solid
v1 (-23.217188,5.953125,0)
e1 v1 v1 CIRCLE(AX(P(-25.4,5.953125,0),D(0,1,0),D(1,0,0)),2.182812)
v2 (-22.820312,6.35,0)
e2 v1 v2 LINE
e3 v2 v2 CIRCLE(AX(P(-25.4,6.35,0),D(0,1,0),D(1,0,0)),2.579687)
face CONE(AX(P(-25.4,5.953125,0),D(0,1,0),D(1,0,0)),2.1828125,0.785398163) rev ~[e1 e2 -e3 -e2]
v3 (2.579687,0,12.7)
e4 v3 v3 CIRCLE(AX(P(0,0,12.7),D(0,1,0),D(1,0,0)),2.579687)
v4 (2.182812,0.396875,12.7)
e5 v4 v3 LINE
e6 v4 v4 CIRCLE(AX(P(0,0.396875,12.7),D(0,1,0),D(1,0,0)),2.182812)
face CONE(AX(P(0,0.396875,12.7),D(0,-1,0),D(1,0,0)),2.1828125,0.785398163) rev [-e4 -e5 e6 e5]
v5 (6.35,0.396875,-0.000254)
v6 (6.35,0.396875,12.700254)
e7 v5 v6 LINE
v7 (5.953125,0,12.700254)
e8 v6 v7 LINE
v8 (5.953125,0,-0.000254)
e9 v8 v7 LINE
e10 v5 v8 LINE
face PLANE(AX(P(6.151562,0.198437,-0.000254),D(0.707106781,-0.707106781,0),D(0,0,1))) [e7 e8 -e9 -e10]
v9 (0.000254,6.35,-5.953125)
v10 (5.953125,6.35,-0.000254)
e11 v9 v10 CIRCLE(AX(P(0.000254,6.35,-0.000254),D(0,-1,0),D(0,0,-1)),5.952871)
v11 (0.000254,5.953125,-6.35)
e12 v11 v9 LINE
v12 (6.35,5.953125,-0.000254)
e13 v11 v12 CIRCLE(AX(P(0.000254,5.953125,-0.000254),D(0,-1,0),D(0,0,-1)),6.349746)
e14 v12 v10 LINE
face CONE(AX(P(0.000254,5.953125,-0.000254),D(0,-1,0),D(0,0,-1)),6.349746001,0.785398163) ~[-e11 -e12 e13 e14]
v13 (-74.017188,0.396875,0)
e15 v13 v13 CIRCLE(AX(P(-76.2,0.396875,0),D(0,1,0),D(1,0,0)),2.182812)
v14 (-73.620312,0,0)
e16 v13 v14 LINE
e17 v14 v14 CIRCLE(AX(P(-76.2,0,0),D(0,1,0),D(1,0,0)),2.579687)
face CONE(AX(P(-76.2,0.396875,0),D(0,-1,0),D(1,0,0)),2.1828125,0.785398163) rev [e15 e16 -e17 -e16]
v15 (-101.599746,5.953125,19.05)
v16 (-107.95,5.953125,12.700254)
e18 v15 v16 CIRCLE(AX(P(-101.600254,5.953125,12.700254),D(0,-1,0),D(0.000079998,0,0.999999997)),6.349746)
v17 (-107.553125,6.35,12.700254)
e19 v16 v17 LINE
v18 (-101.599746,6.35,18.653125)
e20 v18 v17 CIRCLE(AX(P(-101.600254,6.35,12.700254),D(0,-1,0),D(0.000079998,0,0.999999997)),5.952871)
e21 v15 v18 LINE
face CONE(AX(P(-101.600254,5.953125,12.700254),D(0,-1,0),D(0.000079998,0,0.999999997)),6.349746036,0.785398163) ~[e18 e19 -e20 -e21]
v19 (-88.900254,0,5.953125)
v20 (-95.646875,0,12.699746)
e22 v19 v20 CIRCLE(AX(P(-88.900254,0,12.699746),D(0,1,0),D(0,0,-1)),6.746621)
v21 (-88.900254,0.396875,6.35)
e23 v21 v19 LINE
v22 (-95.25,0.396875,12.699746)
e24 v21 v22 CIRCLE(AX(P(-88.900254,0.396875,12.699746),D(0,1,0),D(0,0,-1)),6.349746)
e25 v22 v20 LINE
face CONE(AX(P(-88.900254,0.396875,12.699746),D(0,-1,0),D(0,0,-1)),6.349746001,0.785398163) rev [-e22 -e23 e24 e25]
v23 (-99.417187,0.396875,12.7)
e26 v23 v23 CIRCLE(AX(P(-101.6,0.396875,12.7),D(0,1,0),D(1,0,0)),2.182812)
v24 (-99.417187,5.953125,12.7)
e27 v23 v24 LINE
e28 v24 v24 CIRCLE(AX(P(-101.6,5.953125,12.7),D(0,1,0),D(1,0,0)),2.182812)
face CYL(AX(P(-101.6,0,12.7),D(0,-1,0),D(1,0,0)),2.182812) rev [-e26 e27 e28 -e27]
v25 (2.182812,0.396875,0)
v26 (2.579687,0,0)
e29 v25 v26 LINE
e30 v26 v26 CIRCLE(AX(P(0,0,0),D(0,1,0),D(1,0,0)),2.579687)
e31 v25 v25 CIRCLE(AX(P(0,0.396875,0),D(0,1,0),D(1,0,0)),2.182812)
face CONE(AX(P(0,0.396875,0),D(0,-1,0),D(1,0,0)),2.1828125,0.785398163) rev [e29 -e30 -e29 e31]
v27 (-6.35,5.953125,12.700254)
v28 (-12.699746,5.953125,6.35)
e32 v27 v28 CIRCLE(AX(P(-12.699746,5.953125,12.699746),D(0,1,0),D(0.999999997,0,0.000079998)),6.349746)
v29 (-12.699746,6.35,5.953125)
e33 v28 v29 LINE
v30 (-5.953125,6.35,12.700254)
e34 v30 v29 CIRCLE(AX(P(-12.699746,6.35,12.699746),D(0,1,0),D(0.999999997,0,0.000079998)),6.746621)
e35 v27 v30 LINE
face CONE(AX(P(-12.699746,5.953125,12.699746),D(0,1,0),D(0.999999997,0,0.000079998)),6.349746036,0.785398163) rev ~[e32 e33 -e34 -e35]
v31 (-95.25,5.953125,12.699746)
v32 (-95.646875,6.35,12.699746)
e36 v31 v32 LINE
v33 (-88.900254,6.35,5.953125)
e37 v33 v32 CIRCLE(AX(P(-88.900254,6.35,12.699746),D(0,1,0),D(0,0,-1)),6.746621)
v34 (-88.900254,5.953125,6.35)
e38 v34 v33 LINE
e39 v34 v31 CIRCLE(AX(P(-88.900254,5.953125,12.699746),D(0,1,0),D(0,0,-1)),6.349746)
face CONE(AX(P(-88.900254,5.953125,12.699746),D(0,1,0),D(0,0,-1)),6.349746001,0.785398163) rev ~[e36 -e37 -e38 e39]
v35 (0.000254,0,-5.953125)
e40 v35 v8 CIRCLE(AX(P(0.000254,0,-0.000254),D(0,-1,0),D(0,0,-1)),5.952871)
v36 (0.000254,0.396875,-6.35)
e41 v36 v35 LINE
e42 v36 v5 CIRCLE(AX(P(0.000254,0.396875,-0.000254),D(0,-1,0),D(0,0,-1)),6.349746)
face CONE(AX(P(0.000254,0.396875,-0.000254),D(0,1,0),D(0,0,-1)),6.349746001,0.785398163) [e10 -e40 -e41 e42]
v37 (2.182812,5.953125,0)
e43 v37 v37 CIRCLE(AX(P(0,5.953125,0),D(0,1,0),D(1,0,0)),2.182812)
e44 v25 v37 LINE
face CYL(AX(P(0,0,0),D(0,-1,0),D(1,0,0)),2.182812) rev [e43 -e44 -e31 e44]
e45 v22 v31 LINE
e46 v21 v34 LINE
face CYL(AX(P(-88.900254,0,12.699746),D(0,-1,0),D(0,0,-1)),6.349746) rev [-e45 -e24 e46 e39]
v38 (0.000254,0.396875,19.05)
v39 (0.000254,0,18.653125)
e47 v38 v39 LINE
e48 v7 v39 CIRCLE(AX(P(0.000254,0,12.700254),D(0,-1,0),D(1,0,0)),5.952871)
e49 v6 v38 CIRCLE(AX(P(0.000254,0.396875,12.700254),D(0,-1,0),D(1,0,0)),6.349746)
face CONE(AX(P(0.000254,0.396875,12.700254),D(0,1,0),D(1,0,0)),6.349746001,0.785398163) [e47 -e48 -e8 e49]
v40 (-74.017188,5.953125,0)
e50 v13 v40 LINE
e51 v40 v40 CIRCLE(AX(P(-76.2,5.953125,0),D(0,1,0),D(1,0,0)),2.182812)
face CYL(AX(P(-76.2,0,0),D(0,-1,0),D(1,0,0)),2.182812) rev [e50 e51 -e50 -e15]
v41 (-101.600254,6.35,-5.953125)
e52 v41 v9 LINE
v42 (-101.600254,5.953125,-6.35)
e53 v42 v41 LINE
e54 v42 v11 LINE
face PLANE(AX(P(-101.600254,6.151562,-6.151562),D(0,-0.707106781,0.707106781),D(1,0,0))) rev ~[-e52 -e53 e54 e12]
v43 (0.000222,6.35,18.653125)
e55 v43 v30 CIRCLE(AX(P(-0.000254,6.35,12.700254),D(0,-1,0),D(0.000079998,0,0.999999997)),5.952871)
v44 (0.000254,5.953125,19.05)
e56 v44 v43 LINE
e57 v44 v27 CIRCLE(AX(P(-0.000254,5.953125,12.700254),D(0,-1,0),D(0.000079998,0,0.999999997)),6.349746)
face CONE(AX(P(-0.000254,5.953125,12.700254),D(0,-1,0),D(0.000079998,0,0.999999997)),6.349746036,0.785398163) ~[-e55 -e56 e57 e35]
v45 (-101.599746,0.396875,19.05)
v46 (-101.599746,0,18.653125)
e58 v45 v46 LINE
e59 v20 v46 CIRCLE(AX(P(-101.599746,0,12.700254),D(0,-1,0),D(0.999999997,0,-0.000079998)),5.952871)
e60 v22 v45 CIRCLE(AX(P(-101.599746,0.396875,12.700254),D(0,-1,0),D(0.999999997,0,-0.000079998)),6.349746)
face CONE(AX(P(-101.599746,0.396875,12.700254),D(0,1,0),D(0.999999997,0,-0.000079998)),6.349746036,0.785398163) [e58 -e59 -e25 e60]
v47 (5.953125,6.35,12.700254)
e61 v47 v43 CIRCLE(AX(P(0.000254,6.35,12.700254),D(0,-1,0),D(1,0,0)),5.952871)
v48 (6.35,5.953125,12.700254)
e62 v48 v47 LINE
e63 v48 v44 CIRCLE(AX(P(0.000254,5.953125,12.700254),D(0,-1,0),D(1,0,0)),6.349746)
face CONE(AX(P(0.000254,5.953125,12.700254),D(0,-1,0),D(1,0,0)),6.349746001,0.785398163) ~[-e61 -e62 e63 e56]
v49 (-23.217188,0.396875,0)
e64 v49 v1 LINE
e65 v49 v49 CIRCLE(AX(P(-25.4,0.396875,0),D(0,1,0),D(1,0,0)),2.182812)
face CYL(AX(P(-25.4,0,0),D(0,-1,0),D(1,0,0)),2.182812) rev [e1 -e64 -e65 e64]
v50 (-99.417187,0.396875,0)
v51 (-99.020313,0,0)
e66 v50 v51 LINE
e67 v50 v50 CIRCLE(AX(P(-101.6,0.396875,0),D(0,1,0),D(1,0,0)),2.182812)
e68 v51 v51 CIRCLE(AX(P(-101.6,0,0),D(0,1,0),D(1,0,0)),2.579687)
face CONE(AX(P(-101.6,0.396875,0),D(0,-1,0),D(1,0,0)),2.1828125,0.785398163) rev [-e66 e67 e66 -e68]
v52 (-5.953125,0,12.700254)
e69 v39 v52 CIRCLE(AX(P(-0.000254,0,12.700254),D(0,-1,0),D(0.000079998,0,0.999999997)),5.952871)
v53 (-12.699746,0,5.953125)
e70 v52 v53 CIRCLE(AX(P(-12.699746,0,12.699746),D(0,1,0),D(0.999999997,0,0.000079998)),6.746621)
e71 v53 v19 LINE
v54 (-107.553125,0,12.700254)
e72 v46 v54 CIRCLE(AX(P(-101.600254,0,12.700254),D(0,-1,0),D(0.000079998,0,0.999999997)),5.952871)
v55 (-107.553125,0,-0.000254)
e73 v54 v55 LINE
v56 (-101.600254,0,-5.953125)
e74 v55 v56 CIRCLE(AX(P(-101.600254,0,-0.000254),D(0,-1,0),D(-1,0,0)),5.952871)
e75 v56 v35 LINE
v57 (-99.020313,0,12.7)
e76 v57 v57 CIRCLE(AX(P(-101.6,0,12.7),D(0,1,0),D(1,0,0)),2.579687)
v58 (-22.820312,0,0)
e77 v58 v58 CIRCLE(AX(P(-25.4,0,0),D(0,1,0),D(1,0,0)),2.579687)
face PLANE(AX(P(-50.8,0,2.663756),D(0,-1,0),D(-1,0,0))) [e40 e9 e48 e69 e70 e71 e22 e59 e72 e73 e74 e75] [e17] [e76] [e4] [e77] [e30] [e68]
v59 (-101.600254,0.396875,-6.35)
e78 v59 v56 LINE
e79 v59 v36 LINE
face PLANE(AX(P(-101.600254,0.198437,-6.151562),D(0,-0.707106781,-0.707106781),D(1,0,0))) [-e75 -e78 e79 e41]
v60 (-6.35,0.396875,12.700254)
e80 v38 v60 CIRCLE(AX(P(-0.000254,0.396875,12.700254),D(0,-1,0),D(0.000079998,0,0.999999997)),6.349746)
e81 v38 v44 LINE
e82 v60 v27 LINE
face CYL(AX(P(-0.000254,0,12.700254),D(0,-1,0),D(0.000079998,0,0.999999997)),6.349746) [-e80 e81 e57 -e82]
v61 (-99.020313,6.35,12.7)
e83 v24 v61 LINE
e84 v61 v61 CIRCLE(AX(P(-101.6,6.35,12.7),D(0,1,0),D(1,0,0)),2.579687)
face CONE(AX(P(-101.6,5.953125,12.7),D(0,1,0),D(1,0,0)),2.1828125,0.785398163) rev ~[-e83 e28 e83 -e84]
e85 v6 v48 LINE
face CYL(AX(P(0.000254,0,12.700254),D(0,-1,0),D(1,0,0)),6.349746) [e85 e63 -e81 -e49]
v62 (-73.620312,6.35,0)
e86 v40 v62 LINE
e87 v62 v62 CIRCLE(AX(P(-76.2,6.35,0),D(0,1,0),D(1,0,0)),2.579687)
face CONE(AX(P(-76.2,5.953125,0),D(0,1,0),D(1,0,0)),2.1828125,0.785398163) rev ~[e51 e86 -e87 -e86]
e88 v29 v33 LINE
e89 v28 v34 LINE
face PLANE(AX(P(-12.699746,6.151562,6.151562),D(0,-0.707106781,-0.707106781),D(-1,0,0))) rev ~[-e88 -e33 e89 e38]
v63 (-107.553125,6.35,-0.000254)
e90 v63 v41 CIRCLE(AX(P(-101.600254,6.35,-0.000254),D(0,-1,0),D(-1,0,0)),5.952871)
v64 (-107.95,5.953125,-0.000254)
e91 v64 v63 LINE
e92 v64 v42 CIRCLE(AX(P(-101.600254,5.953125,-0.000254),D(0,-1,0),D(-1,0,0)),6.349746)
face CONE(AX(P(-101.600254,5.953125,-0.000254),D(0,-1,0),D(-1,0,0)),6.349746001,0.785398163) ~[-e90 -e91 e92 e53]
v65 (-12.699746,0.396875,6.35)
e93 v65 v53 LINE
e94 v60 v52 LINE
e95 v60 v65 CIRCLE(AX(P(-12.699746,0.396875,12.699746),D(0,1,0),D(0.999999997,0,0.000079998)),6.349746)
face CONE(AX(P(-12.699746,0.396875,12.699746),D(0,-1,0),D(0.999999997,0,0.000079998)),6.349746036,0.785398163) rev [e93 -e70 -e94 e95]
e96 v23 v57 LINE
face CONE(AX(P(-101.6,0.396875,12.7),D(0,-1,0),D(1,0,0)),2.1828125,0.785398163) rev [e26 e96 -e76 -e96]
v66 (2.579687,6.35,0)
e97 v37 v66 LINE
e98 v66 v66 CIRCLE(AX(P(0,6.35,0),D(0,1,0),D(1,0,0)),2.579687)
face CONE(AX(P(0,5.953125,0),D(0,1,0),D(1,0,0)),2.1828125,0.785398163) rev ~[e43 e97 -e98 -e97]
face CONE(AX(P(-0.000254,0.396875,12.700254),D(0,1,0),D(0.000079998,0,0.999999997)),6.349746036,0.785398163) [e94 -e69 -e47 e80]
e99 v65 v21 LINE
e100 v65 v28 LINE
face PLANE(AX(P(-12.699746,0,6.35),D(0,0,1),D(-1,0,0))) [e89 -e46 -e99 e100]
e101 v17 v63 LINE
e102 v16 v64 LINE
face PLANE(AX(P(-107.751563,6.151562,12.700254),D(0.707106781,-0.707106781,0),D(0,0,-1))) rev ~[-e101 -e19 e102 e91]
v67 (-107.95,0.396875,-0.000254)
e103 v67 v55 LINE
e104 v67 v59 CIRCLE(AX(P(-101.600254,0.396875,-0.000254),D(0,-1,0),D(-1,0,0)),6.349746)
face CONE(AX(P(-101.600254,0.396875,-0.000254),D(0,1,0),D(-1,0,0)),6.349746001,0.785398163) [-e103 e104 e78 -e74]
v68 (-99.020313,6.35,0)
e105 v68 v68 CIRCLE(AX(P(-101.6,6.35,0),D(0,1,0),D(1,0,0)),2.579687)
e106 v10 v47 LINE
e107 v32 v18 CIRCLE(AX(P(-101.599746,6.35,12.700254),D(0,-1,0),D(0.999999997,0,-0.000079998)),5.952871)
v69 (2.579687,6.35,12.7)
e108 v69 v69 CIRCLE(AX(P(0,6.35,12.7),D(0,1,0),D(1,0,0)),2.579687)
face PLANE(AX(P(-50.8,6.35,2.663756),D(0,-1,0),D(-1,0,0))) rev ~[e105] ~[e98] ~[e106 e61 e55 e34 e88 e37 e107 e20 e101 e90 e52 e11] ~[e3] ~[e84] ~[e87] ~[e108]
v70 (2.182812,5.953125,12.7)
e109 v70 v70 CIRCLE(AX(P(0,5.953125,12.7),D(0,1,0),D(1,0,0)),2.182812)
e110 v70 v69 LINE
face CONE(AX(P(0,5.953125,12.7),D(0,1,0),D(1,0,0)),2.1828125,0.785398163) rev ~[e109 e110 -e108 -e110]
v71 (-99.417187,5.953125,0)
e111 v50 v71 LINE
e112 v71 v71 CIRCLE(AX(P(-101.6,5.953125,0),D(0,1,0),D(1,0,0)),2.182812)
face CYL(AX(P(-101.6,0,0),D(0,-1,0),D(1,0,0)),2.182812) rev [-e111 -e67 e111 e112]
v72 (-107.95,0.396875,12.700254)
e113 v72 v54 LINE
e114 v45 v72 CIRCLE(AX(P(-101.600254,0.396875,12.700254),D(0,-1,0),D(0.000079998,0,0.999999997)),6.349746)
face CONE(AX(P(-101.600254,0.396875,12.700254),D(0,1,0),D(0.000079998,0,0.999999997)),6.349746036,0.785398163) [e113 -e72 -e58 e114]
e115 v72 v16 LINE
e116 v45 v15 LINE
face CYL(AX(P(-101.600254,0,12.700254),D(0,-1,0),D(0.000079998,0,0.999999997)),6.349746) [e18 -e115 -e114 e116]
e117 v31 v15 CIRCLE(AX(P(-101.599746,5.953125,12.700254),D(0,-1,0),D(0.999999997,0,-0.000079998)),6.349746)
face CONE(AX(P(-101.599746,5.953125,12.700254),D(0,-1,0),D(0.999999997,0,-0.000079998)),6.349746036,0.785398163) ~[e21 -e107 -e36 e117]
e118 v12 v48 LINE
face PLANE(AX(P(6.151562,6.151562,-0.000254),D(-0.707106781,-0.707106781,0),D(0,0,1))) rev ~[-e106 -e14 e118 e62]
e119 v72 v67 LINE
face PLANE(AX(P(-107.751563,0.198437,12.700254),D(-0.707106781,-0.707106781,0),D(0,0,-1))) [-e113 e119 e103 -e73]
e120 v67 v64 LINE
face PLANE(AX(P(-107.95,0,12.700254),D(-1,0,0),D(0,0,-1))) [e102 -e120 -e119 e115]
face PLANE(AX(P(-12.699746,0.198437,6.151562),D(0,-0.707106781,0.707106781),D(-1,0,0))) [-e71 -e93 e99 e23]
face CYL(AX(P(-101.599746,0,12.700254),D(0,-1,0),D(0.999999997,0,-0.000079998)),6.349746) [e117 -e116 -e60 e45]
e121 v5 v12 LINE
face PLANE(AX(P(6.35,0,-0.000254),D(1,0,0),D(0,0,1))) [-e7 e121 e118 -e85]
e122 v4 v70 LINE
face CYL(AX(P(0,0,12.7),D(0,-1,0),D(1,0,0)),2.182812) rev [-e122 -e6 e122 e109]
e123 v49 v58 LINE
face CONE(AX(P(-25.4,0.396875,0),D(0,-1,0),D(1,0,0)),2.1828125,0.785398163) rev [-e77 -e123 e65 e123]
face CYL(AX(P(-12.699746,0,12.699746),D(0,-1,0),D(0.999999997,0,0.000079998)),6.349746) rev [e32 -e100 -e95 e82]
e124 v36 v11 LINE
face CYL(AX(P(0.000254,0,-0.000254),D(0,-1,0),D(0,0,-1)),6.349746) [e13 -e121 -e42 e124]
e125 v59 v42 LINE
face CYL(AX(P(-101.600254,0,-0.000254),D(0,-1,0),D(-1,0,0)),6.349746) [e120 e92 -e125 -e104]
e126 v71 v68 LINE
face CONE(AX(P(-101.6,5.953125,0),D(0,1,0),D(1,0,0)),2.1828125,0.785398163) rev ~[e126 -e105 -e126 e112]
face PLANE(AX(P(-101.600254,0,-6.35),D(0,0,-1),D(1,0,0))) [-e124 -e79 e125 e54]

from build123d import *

# Parameters (mm, degrees)
SKETCH1_R           = 2.1828125
BOSS_EXTRUDE1_DEPTH = 6.35
CHAMFER1_SIZE       = 0.396875


with BuildPart() as part:
    # Sketch1 → Boss-Extrude1 (new body)
    with BuildSketch(Plane(origin=(0, 0, 0), x_dir=(1, 0, 0), z_dir=(0, 1, 0))):
        with BuildLine():
            Line((-101.600254, 6.35), (0.000254, 6.35))
            ThreePointArc((0.000254, 6.35), (4.490202455, 4.490202455), (6.35, 0.000254))
            Line((6.35, 0.000254), (6.35, -12.700254))
            ThreePointArc((6.35, -12.700254), (4.490202455, -17.190202455), (0.000254, -19.05))
            ThreePointArc((0.000254, -19.05), (-4.490202455, -17.190202455), (-6.35, -12.700254))
            ThreePointArc((-6.35, -12.700254), (-8.209797545, -8.209797545), (-12.699746, -6.35))
            Line((-12.699746, -6.35), (-88.900254, -6.35))
            ThreePointArc((-88.900254, -6.35), (-93.390202455, -8.209797545), (-95.25, -12.699746))
            ThreePointArc((-95.25, -12.699746), (-97.109797545, -17.190202455), (-101.599746, -19.05))
            ThreePointArc((-101.599746, -19.05), (-106.090202455, -17.190202455), (-107.95, -12.700254))
            Line((-107.95, -12.700254), (-107.95, 0.000254))
            ThreePointArc((-107.95, 0.000254), (-106.090202455, 4.490202455), (-101.600254, 6.35))
        make_face()
        Circle(SKETCH1_R, mode=Mode.SUBTRACT)
        with Locations((-25.4, 0)):
            Circle(SKETCH1_R, mode=Mode.SUBTRACT)
        with Locations((-76.2, 0)):
            Circle(SKETCH1_R, mode=Mode.SUBTRACT)
        with Locations((-101.6, 0)):
            Circle(SKETCH1_R, mode=Mode.SUBTRACT)
        with Locations((-101.6, -12.7)):
            Circle(SKETCH1_R, mode=Mode.SUBTRACT)
        with Locations((0, -12.7)):
            Circle(SKETCH1_R, mode=Mode.SUBTRACT)
    extrude(amount=BOSS_EXTRUDE1_DEPTH)

    # Chamfer1
    chamfer1_edges = [part.edges().sort_by_distance(p)[0] for p in [
        (-4.490022844, 6.35, 17.19038206),
        (-50.8, 0, 6.35),
        (-93.390202455, 0, 8.209797545),
        (-97.10961794, 0, 17.190022844),
        (-4.490022844, 6.35, 17.19038206),
        (-97.10961794, 0, 17.190022844),
        (-106.090022844, 0, 17.19038206),
        (-106.090022844, 0, 17.19038206),
        (-107.95, 0, 6.35),
        (-106.090202455, 0, -4.490202455),
        (-50.8, 0, -6.35),
        (4.490202455, 0, -4.490202455),
        (6.35, 0, 6.35),
        (4.490202455, 0, 17.190202455),
        (-4.490022844, 0, 17.19038206),
        (4.490202455, 6.35, 17.190202455),
        (-4.490022844, 0, 17.19038206),
        (-8.20961794, 0, 8.209977156),
        (-8.20961794, 0, 8.209977156),
        (6.35, 6.35, 6.35),
        (4.490202455, 6.35, -4.490202455),
        (-50.8, 6.35, -6.35),
        (-106.090202455, 6.35, -4.490202455),
        (-2.1828125, 0, 0),
        (-2.1828125, 6.35, 0),
        (-107.95, 6.35, 6.35),
        (-27.5828125, 0, 0),
        (-27.5828125, 6.35, 0),
        (-106.090022844, 6.35, 17.19038206),
        (-78.3828125, 0, 0),
        (-78.3828125, 6.35, 0),
        (-106.090022844, 6.35, 17.19038206),
        (-8.20961794, 6.35, 8.209977156),
        (-103.7828125, 0, 0),
        (-103.7828125, 6.35, 0),
        (-97.10961794, 6.35, 17.190022844),
        (-103.7828125, 0, 12.7),
        (-103.7828125, 6.35, 12.7),
        (-97.10961794, 6.35, 17.190022844),
        (-2.1828125, 0, 12.7),
        (-2.1828125, 6.35, 12.7),
        (-93.390202455, 6.35, 8.209797545),
        (-50.8, 6.35, 6.35),
        (-8.20961794, 6.35, 8.209977156),
    ]]
    chamfer(chamfer1_edges, length=CHAMFER1_SIZE)


solid = part.part
